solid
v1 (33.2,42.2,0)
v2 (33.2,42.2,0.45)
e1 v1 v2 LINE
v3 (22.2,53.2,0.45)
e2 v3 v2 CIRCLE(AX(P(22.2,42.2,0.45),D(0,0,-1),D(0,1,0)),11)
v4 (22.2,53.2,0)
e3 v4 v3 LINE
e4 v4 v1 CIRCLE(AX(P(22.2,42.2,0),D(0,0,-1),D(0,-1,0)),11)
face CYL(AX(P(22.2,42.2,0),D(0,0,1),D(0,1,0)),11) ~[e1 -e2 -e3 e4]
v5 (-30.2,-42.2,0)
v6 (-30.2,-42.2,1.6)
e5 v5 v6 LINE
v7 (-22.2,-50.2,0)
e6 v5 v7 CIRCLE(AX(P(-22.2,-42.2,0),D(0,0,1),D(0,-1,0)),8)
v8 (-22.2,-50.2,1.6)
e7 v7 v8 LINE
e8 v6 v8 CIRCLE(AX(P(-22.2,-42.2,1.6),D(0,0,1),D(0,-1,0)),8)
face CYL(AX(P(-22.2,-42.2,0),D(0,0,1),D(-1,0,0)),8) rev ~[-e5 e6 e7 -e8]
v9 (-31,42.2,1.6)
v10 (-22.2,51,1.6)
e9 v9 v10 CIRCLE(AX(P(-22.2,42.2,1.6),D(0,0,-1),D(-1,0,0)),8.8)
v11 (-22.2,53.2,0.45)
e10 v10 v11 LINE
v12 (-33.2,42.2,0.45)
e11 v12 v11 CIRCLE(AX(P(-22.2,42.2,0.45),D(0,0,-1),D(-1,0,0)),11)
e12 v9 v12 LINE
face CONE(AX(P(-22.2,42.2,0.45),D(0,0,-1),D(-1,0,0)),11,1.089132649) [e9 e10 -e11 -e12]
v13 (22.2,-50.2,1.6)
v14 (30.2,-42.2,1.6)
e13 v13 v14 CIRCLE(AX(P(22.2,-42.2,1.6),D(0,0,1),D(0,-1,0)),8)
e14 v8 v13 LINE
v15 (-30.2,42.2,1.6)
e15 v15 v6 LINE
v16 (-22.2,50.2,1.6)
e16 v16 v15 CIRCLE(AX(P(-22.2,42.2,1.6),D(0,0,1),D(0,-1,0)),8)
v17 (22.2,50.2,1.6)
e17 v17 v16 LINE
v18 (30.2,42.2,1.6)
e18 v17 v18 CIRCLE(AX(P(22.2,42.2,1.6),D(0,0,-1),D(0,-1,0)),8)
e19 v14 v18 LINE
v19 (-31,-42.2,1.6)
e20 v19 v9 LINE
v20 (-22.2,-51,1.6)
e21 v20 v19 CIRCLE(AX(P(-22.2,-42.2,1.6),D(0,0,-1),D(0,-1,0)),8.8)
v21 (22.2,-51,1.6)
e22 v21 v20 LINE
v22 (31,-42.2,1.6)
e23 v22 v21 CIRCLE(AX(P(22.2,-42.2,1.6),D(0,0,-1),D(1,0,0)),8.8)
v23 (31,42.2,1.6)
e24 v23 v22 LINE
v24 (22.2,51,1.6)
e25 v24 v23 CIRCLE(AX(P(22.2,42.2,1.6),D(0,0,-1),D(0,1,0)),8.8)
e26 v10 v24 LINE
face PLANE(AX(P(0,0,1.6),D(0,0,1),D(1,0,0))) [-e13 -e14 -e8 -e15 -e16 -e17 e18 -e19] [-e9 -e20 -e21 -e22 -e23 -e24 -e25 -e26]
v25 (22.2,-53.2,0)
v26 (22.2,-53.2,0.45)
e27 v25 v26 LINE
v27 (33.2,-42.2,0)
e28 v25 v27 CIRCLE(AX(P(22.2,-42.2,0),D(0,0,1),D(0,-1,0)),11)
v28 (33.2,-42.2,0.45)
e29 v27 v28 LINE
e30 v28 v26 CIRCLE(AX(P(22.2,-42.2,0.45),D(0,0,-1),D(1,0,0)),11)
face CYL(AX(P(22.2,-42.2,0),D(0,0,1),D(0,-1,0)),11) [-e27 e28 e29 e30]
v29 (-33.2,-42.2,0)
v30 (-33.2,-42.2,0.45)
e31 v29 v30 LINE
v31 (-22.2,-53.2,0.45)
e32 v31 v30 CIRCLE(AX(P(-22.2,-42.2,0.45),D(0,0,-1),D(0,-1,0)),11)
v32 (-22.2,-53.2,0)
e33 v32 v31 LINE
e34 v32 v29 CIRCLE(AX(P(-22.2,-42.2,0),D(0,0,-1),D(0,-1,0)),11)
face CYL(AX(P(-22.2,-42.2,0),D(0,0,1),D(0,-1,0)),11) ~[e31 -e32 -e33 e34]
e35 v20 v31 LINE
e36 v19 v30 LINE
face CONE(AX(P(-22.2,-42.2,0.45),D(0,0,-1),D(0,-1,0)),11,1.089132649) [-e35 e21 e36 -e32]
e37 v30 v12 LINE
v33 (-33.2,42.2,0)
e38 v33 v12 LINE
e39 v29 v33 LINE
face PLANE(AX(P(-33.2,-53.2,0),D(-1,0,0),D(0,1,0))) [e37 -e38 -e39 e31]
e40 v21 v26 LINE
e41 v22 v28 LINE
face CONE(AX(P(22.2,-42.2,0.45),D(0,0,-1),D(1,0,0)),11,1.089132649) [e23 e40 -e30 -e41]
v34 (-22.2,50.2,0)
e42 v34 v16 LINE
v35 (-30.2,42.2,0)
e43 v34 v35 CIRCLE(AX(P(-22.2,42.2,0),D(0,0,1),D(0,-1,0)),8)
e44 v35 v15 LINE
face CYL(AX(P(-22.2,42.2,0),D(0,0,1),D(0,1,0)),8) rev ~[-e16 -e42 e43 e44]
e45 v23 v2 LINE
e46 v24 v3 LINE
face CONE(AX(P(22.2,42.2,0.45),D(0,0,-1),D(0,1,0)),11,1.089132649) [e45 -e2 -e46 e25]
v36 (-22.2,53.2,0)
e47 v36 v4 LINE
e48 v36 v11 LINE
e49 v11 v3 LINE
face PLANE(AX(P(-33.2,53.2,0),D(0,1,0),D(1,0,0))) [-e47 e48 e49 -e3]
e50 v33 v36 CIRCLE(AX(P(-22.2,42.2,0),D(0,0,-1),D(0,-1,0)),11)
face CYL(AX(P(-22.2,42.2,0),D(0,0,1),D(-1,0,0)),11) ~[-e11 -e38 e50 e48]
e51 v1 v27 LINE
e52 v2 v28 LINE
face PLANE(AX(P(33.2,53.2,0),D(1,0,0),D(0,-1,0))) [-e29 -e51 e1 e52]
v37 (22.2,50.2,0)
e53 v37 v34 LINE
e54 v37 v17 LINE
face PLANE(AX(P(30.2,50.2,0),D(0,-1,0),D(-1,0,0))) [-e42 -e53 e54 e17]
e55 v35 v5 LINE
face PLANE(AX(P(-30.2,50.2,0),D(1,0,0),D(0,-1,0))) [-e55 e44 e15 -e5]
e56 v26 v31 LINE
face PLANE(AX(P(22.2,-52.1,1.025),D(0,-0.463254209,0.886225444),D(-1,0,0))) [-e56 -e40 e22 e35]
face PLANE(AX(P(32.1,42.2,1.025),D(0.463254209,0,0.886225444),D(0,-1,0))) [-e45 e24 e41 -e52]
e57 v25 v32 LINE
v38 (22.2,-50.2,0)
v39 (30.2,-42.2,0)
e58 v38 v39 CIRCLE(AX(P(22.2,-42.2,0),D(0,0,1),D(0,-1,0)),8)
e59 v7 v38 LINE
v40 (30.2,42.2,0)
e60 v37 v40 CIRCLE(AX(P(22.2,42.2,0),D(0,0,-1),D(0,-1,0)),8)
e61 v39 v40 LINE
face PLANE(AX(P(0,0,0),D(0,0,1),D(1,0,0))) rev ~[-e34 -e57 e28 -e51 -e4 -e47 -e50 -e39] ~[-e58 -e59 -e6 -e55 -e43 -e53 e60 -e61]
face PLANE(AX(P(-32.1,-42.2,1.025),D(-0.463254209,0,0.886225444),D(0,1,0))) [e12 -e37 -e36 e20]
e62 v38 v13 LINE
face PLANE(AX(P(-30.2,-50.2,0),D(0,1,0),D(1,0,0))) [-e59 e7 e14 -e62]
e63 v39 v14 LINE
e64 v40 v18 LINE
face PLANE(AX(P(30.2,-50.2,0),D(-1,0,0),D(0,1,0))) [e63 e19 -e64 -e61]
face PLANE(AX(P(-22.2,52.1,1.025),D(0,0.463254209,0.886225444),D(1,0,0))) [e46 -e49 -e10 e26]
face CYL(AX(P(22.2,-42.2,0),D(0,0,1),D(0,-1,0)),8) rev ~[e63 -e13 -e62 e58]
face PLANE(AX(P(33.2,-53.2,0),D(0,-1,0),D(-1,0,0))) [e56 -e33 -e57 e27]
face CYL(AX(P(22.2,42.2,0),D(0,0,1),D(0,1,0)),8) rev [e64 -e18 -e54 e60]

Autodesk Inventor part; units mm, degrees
ref_plane "YZ Plane" through (0, 0, 0) normal (1, 0, 0) x (0, 1, 0)
ref_plane "XZ Plane" through (0, 0, 0) normal (0, 1, 0) x (-1, 0, 0)
ref_plane "XY Plane" through (0, 0, 0) normal (0, 0, 1) x (1, 0, 0)
sketch "Esquisse1" plane through (0, 0, 0) normal (0, 0, 1) x (1, 0, 0)
  line L0 (33.2, -53.2) -> (-33.2, -53.2)
  line L1 (-33.2, -53.2) -> (-33.2, 53.2)
  line L2 (-33.2, 53.2) -> (33.2, 53.2)
  line L3 (33.2, 53.2) -> (33.2, -53.2)
  line L4 (33.2, -53.2) -> (-33.2, 53.2) construction
  line L5 (-33.2, -53.2) -> (33.2, 53.2) construction
  line L6 (30.2, 50.2) -> (-30.2, 50.2)
  line L7 (-30.2, 50.2) -> (-30.2, -50.2)
  line L8 (-30.2, -50.2) -> (30.2, -50.2)
  line L9 (30.2, -50.2) -> (30.2, 50.2)
  point P0 (0, 0)
  dimension "d0" = 66.4
  dimension "d1" = 106.4
  dimension "d2" = 3
extrude "Extrusion1" add sketch "Esquisse1" along normal blind 1.6
fillet "Congé1" radius 11 4 edges at (-33.2, 53.2, 0.8) (33.2, 53.2, 0.8) (33.2, -53.2, 0.8) (-33.2, -53.2, 0.8)
fillet "Congé1" radius 8 4 edges at (30.2, -50.2, 0.8) (-30.2, -50.2, 0.8) (-30.2, 50.2, 0.8) (30.2, 50.2, 0.8)
chamfer "Chanfrein1" distance 2.2 distance2 1.15 8 edges at (-33.2, 0, 1.6) (-29.9782, -49.9782, 1.6) (0, -53.2, 1.6) (29.9782, -49.9782, 1.6) (33.2, 0, 1.6) (29.9782, 49.9782, 1.6) (0, 53.2, 1.6) (-29.9782, 49.9782, 1.6) measured on face at (-31.2, 14.0667, 1.6)
properties part number "FrontPanelBezel"
